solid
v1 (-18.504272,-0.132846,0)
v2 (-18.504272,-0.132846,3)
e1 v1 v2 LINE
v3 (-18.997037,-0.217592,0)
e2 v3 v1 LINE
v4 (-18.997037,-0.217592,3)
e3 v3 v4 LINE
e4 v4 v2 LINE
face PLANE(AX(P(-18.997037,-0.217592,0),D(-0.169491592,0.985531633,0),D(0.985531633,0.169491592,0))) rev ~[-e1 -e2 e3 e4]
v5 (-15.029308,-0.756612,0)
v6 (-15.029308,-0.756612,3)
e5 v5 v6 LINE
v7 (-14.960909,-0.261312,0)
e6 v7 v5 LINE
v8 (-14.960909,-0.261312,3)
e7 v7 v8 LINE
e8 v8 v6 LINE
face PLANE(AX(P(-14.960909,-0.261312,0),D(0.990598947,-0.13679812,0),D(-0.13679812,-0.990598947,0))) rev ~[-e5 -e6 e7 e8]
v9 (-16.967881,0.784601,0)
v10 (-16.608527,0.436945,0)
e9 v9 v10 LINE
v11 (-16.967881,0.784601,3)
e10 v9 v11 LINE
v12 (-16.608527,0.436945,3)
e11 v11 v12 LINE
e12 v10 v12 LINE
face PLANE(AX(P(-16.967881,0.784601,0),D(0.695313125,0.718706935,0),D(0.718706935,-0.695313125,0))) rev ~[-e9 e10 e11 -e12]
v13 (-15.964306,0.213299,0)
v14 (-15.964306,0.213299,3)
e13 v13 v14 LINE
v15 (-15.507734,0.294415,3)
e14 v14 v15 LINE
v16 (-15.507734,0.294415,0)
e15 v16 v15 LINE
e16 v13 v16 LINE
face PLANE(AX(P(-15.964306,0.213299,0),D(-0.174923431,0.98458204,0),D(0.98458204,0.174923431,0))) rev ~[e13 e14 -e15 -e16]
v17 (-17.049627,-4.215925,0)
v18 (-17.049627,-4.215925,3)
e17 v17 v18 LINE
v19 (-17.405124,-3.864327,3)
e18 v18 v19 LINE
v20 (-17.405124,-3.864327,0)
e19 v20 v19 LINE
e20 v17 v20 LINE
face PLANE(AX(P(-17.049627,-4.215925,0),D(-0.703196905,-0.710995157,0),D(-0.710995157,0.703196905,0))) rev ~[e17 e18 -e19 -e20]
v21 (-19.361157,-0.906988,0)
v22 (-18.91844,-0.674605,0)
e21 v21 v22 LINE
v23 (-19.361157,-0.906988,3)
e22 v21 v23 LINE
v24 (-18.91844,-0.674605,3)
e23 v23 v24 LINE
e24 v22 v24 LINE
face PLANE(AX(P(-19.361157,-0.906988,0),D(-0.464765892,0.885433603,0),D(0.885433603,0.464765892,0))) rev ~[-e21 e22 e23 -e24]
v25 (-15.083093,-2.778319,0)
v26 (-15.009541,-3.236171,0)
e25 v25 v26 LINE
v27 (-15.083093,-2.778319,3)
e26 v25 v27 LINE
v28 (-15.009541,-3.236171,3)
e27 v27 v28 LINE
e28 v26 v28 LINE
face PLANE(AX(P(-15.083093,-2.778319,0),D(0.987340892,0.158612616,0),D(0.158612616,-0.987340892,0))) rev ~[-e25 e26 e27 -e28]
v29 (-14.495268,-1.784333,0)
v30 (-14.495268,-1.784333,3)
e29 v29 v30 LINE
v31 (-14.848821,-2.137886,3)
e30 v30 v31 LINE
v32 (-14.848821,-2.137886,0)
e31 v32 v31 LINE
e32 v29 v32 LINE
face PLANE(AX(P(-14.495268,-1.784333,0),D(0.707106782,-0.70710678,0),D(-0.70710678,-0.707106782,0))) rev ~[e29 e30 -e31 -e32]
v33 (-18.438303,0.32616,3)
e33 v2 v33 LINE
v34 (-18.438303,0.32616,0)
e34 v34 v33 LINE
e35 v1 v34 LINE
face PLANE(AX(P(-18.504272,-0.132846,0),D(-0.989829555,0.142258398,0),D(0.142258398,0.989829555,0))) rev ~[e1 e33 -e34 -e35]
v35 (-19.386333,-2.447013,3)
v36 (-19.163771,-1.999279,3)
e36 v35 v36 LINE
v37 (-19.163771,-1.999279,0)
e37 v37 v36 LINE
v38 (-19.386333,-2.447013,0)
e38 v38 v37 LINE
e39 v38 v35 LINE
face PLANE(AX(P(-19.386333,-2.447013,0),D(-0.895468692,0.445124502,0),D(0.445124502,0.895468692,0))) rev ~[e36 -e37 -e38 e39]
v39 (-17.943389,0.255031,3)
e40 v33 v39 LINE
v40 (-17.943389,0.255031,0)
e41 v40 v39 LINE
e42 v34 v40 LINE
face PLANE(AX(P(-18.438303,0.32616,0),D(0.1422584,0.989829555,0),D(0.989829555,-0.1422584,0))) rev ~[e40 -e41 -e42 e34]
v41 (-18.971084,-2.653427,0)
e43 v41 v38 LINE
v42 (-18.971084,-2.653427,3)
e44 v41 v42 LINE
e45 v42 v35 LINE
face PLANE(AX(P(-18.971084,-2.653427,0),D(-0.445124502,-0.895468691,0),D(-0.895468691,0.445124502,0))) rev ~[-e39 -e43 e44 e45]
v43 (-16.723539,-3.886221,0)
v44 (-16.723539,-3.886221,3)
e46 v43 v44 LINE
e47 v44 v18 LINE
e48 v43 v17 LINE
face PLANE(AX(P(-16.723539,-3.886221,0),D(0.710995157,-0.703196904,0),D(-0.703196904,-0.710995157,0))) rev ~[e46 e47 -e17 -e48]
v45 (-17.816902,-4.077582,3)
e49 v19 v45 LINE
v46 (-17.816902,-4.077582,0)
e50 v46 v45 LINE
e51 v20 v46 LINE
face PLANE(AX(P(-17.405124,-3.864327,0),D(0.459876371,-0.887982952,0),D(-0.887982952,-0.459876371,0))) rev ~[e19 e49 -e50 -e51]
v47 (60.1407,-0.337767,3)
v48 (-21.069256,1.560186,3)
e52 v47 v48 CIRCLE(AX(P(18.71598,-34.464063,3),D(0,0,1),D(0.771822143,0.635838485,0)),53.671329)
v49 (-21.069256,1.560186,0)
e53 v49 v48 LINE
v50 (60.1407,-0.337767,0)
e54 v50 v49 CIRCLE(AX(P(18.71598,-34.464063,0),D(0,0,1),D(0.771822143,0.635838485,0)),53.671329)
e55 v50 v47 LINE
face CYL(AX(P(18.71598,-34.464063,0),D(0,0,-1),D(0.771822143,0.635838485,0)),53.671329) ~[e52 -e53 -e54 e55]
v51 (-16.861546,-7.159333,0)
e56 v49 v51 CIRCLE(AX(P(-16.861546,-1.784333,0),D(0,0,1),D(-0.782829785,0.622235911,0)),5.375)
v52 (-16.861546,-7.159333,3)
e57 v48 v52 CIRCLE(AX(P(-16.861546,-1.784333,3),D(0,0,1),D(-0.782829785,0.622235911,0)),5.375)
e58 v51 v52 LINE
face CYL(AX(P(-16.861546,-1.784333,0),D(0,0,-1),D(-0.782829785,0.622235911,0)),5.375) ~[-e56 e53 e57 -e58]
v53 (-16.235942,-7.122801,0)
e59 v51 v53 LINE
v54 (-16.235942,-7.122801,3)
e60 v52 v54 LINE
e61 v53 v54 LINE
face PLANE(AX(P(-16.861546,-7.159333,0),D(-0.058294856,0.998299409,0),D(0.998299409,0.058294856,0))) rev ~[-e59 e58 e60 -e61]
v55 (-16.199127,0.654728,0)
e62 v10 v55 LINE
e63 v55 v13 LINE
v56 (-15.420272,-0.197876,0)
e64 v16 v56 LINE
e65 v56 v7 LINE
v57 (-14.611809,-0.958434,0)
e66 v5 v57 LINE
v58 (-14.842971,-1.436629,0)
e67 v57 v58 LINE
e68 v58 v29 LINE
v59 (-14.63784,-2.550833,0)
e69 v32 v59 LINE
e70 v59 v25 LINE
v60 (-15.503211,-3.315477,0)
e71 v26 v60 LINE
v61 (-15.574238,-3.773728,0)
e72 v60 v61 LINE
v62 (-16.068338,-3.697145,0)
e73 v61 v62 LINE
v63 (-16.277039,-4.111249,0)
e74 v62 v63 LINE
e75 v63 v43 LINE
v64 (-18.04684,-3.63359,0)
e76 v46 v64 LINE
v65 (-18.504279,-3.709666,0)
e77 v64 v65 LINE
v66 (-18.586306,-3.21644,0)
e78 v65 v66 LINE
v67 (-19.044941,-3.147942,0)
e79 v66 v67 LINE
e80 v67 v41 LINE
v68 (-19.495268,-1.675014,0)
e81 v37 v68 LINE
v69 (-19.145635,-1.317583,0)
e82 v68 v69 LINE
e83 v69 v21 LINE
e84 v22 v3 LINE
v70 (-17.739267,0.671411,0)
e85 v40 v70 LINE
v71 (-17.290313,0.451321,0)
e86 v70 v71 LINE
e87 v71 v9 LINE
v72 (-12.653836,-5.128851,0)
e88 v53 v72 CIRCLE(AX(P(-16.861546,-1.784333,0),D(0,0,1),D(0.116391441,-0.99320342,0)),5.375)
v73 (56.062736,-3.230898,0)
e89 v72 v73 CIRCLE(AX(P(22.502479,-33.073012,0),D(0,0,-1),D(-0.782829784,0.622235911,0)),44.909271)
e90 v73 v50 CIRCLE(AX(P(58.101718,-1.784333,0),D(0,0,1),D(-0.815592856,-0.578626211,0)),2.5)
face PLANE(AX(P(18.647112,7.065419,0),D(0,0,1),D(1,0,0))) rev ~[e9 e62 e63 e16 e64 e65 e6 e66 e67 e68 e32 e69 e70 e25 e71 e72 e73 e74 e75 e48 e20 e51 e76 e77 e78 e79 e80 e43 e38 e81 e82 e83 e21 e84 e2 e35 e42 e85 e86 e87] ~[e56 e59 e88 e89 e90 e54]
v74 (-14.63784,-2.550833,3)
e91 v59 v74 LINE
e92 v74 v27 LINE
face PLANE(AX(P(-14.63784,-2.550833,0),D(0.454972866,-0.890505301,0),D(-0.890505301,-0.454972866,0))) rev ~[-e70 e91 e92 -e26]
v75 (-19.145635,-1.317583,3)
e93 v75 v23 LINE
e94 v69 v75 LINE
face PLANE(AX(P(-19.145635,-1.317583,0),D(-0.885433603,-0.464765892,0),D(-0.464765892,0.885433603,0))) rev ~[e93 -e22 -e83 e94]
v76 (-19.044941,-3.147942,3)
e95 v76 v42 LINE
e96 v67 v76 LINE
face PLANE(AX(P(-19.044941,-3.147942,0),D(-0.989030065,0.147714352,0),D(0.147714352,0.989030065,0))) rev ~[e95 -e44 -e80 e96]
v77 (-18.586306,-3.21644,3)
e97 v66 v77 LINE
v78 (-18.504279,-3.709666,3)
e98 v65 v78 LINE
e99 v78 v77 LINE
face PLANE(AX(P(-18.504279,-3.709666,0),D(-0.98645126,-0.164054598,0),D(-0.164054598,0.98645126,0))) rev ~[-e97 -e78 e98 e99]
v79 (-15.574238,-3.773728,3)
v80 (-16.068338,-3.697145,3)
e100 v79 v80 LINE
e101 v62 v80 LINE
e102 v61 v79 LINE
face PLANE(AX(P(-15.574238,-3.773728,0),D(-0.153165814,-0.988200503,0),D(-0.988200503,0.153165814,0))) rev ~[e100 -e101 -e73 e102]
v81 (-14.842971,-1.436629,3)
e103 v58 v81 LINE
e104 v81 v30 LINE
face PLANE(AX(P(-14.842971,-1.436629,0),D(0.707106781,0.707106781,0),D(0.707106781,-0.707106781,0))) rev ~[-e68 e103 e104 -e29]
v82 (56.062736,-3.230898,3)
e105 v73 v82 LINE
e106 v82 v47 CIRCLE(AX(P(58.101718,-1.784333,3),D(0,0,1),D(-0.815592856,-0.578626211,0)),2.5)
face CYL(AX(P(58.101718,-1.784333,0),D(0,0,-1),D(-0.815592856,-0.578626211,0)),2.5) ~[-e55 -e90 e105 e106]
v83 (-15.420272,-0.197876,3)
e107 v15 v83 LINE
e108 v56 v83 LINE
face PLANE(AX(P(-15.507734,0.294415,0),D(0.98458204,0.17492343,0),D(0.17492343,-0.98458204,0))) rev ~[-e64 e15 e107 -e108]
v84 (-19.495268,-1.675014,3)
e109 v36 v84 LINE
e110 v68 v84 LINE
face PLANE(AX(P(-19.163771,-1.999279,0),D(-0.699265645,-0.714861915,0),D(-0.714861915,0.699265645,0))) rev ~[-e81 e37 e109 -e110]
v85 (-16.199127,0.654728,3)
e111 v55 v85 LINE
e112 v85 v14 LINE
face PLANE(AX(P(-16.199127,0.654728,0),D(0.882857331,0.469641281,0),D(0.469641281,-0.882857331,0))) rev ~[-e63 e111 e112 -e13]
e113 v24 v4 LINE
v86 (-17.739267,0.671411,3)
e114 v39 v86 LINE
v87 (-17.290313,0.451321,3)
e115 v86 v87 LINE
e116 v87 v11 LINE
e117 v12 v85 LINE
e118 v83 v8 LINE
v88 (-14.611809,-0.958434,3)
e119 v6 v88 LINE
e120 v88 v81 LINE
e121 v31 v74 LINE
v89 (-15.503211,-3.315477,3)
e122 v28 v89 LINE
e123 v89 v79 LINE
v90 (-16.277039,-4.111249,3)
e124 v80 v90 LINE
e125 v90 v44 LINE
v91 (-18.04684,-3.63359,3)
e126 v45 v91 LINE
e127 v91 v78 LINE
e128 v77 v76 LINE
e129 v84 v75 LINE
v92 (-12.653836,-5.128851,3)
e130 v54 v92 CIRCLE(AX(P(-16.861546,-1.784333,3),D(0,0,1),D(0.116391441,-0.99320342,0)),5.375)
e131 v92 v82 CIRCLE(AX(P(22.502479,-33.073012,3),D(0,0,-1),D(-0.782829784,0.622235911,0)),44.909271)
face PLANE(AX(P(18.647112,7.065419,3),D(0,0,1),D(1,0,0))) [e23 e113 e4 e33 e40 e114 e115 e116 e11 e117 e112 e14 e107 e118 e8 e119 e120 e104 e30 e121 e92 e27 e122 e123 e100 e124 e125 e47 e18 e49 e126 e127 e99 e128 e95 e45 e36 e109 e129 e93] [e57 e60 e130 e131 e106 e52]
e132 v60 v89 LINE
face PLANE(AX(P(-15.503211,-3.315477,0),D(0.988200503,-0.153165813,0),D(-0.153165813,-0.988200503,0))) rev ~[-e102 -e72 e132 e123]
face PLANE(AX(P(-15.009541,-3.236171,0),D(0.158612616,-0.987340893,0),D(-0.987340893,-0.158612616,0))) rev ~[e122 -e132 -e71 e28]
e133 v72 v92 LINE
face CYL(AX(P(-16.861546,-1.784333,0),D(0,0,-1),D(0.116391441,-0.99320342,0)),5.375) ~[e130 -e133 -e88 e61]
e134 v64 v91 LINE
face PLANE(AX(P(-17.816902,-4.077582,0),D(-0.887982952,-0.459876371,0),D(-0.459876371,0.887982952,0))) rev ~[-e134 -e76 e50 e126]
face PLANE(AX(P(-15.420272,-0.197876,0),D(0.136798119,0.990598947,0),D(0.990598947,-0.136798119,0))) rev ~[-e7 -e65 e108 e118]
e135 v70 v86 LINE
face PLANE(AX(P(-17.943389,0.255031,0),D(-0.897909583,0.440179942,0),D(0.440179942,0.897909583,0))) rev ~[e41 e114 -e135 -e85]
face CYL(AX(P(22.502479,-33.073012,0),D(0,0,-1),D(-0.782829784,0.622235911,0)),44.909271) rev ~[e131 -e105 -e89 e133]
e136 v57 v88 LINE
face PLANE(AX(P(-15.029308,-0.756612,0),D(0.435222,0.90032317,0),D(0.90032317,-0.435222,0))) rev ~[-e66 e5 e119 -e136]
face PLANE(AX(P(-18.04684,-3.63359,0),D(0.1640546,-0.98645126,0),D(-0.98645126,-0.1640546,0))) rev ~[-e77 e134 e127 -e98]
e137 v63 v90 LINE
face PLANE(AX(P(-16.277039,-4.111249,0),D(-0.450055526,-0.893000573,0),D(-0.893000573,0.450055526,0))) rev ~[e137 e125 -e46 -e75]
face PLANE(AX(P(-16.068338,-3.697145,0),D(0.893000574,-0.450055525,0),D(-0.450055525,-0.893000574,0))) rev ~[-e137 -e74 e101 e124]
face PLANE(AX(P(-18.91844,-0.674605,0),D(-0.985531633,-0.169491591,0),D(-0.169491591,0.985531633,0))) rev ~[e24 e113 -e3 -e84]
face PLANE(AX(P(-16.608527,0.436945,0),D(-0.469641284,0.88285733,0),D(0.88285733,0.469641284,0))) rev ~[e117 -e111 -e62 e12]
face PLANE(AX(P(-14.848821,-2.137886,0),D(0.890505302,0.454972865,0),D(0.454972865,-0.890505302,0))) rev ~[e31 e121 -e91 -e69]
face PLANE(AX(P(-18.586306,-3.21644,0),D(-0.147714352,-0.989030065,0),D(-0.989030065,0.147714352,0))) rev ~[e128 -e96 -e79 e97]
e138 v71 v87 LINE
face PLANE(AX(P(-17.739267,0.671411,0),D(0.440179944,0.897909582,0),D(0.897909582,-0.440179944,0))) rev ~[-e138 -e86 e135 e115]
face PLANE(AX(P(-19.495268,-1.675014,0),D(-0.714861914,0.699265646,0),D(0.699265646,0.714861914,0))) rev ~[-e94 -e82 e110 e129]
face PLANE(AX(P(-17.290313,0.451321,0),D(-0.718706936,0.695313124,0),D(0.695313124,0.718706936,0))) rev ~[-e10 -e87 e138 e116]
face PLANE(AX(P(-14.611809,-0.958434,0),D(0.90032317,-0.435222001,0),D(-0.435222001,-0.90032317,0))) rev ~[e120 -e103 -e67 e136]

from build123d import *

# Parameters (mm, degrees)
BOSS_EXTRUDE1_DEPTH = 3


with BuildPart() as part:
    # Sketch3 → Boss-Extrude1 (new body)
    with BuildSketch(Plane.XY):
        with BuildLine():
            ThreePointArc((-21.06925633, 1.560185503), (-21.702383426, -4.120337722), (-16.861546239, -7.159332517))
            Line((-16.861546239, -7.159332517), (-16.235942246, -7.122800897))
            ThreePointArc((-16.235942246, -7.122800897), (-14.247317716, -6.480760333), (-12.653836147, -5.128850538))
            ThreePointArc((-12.653836147, -5.128850538), (21.262556938, 11.81913919), (56.062735888, -3.230898045))
            ThreePointArc((56.062735888, -3.230898045), (59.548283557, -3.823314658), (60.140700171, -0.337766989))
            ThreePointArc((60.140700171, -0.337766989), (19.96998669, 19.192613792), (-21.06925633, 1.560185503))
        make_face()
        Polygon((-14.842971244, -1.436629161), (-14.495267888, -1.784332517), (-14.848821278, -2.137885908), (-14.637840313, -2.550832882), (-15.083092963, -2.778319315), (-15.00954079, -3.236171091), (-15.503211236, -3.315477399), (-15.574237606, -3.773727796), (-16.068337858, -3.697144889), (-16.277038544, -4.111248976), (-16.723538831, -3.886221213), (-17.049626765, -4.215925369), (-17.405124343, -3.864326917), (-17.816901648, -4.077581746), (-18.046839834, -3.633590269), (-18.504279068, -3.70966601), (-18.586306367, -3.21644038), (-19.04494145, -3.147941973), (-18.971084274, -2.65342694), (-19.386332882, -2.447012878), (-19.163770631, -1.999278532), (-19.495267888, -1.67501361), (-19.145635065, -1.317582653), (-19.361157273, -0.906987537), (-18.918440472, -0.674604591), (-18.997037466, -0.217591808), (-18.504271649, -0.132846012), (-18.438303288, 0.326159812), (-17.94338851, 0.255030612), (-17.73926735, 0.671411115), (-17.290312559, 0.451321143), (-16.967880508, 0.784601421), (-16.60852704, 0.436944858), (-16.199126599, 0.654727893), (-15.964305958, 0.213299227), (-15.507733522, 0.294415085), (-15.420271807, -0.197875935), (-14.960909199, -0.261312244), (-15.029308259, -0.756611718), (-14.611808522, -0.958433771), align=None, mode=Mode.SUBTRACT)
    extrude(amount=BOSS_EXTRUDE1_DEPTH)


solid = part.part
